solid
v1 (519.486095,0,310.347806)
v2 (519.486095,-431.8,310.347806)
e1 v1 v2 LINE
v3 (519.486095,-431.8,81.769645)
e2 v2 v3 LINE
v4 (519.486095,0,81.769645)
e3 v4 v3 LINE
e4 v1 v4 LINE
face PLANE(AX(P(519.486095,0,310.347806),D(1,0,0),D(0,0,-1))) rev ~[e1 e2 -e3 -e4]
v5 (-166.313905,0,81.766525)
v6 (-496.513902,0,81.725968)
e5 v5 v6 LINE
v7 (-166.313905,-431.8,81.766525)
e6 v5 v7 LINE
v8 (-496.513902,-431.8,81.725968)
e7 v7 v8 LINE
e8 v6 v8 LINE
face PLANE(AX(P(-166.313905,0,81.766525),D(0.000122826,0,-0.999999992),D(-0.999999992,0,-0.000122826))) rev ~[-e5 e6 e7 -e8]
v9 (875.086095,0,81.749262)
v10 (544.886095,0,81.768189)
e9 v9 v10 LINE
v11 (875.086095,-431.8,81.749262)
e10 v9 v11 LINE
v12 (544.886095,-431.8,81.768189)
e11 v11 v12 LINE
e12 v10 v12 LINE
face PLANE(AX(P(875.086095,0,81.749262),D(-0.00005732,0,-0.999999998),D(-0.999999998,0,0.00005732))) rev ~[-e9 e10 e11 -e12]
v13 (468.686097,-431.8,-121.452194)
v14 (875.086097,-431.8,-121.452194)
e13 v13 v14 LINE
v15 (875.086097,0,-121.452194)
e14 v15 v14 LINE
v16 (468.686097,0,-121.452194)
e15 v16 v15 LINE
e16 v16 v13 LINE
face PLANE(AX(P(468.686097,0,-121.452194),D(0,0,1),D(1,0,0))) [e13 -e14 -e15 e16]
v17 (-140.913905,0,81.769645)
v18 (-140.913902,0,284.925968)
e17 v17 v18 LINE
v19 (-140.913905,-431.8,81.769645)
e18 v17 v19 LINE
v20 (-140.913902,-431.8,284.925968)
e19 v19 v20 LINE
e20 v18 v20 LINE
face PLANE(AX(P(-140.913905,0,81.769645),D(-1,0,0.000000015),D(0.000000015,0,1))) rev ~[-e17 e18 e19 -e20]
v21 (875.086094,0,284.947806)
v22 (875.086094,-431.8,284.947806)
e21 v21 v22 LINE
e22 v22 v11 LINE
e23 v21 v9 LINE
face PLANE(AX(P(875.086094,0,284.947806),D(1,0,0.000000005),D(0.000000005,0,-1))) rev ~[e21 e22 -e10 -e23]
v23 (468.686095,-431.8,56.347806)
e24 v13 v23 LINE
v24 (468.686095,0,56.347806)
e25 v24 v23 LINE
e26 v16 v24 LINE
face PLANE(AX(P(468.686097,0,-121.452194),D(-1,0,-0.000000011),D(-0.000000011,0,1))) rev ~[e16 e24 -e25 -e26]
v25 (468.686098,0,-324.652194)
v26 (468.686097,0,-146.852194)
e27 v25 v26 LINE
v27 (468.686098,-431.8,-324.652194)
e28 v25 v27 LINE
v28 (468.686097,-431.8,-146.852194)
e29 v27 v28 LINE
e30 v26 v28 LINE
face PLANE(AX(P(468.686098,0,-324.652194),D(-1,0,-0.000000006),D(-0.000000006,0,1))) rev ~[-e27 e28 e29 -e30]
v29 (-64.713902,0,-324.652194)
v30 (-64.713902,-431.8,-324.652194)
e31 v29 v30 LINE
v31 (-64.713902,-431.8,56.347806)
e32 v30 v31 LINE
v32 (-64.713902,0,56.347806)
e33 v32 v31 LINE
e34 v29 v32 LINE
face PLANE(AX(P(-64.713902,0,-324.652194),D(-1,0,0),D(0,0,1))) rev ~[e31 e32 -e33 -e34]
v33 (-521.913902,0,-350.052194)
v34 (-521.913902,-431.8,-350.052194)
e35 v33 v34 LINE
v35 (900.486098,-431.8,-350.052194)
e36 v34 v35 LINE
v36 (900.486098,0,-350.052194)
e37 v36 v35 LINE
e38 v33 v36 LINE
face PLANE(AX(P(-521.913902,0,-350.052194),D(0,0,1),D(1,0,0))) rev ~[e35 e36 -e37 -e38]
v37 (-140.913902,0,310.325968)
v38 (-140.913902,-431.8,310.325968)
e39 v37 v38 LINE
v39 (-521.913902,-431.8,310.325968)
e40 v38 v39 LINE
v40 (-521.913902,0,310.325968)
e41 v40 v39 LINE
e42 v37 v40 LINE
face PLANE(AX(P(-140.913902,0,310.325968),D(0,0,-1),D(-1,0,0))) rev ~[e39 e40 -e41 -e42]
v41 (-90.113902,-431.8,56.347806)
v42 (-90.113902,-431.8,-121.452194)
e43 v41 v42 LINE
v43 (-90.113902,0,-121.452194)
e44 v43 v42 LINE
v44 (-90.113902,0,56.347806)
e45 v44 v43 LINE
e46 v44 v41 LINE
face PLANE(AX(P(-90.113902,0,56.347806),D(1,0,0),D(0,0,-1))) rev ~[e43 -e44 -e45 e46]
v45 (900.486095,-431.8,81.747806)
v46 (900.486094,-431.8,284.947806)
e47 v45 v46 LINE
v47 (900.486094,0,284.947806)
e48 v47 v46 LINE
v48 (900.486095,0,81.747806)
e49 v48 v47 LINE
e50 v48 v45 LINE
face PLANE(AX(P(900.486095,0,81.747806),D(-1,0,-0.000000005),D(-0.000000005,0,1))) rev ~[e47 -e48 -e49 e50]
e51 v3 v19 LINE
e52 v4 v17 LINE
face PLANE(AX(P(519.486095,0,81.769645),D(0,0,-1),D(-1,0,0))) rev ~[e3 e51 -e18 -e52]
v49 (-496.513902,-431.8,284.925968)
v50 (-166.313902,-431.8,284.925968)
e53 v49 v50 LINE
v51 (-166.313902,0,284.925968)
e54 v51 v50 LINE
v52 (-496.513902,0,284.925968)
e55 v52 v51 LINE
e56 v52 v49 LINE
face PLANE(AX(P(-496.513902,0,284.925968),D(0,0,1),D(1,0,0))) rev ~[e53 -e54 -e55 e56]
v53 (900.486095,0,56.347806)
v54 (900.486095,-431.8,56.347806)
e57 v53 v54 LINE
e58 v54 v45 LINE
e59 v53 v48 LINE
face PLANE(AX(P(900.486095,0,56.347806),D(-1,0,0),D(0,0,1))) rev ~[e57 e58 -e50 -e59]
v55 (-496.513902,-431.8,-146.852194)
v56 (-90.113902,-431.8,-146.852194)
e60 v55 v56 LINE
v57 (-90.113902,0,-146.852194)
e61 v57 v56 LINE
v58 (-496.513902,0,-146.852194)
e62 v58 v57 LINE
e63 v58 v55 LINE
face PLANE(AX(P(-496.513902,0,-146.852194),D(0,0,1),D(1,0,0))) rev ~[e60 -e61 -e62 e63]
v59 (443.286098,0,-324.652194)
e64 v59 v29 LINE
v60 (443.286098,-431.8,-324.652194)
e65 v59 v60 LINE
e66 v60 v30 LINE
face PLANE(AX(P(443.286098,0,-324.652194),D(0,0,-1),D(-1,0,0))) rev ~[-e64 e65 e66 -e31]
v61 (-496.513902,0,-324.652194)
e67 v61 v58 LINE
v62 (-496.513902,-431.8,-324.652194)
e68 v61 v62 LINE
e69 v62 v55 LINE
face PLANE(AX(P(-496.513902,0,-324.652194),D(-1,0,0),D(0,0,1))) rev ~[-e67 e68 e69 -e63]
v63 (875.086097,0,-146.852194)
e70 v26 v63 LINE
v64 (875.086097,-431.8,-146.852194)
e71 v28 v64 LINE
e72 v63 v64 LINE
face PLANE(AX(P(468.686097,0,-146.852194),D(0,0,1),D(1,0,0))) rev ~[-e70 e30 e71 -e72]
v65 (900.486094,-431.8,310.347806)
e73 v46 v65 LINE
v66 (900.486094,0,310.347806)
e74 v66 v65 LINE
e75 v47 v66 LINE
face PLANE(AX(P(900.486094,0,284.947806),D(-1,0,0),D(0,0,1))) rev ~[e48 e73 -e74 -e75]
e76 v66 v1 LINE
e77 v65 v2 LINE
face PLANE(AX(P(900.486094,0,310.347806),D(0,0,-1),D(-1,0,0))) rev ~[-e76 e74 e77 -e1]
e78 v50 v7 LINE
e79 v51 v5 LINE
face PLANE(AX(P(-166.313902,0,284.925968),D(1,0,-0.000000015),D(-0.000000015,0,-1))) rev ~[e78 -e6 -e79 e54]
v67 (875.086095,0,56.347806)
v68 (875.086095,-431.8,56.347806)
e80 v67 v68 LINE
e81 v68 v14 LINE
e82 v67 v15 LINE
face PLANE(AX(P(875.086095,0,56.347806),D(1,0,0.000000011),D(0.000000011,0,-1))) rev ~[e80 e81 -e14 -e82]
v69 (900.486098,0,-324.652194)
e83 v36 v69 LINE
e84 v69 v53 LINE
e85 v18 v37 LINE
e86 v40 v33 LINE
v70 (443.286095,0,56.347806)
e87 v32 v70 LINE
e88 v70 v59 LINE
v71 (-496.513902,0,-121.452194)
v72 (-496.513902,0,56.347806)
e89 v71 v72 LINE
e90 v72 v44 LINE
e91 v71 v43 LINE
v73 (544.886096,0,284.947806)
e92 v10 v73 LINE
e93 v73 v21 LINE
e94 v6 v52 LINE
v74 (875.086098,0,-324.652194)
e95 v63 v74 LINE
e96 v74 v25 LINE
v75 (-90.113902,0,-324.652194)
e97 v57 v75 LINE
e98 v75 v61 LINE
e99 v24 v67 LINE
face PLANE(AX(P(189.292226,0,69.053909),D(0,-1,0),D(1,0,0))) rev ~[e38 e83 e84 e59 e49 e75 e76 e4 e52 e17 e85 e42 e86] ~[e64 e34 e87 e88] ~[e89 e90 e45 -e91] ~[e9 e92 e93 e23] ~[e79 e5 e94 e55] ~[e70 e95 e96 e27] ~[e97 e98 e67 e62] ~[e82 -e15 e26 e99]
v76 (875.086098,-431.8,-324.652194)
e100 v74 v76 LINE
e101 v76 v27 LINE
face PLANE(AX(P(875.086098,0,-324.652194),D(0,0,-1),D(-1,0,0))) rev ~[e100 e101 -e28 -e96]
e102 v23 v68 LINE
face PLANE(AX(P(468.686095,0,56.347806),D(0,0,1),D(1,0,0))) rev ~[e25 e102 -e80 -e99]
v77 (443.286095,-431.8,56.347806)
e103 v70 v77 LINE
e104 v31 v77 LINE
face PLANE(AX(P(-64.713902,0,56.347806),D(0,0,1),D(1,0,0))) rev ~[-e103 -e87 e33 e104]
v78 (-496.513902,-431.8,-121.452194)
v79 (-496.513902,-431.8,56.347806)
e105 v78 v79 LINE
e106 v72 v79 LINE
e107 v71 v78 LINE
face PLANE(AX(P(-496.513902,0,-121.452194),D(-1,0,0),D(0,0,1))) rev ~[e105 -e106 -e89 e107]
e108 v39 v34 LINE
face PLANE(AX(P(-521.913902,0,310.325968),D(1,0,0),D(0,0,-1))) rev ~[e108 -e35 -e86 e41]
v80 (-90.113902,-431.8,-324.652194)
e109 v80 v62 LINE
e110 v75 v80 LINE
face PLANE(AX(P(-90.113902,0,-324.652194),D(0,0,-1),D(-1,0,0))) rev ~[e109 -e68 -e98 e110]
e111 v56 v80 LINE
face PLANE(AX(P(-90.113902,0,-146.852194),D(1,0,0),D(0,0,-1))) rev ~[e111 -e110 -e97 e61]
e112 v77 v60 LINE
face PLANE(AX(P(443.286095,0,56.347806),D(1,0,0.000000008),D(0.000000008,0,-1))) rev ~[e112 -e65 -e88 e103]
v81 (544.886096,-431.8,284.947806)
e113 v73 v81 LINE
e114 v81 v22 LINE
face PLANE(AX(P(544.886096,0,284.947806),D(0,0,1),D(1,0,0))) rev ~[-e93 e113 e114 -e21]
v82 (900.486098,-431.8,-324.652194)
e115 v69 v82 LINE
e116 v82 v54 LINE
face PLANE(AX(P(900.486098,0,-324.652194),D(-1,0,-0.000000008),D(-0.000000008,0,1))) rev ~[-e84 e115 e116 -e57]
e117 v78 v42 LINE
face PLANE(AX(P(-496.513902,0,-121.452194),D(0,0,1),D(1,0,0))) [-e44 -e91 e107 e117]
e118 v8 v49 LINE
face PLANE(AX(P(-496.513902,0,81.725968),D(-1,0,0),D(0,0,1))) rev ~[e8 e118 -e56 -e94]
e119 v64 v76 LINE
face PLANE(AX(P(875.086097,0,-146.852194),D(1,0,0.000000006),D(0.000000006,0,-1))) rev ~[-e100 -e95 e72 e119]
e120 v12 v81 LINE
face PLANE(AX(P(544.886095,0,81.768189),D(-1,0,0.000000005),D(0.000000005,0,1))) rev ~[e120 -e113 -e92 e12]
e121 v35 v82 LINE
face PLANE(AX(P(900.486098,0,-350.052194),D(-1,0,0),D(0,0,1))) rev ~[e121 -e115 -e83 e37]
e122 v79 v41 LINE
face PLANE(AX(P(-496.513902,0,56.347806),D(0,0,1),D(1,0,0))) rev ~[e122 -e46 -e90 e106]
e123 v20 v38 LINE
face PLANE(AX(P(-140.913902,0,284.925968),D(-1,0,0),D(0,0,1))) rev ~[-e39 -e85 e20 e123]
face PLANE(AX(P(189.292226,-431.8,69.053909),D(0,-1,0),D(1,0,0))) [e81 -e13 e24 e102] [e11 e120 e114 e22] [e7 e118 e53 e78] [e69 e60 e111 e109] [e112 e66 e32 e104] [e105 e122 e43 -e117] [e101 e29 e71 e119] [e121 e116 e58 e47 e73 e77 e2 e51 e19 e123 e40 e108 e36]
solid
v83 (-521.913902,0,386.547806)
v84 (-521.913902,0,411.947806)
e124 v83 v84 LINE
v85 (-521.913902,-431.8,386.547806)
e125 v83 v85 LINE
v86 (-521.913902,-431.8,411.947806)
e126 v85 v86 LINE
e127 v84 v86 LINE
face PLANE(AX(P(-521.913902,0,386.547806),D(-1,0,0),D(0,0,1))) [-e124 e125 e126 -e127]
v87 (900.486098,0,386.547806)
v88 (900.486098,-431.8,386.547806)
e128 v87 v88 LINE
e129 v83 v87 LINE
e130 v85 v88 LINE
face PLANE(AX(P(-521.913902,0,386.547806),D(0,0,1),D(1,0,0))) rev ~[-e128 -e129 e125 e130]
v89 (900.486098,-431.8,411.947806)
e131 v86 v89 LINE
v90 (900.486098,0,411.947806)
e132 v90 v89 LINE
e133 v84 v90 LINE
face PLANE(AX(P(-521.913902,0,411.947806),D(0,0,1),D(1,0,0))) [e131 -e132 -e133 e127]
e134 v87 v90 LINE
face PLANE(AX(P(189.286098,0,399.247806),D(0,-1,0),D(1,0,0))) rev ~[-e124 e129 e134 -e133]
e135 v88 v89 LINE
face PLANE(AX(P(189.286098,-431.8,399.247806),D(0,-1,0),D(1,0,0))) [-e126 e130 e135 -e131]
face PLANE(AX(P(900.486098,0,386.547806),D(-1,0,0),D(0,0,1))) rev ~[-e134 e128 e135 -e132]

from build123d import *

# Parameters (mm, degrees)
F0_W     = 406.4
F0_H     = 25.4
F0_W_2   = 1422.4
F1_DEPTH = 431.8


with BuildPart() as f1:
    # F0 (on Front) → F1 (new body)
    with BuildSketch(Plane.XZ):
        Polygon((-521.913902, 81.722848), (-521.913902, 56.347806), (-496.513902, 56.347806), (-90.113902, 56.347806), (-64.713902, 56.347806), (443.286095, 56.347806), (468.686095, 56.347806), (875.086095, 56.347806), (900.486095, 56.347806), (900.486095, 81.747806), (875.086095, 81.749262), (544.886095, 81.768189), (519.486095, 81.769645), (-140.913905, 81.769645), (-166.313905, 81.766525), (-496.513902, 81.725968), align=None)
        Polygon((-521.913902, 310.325968), (-521.913902, 284.925968), (-496.513902, 284.925968), (-166.313902, 284.925968), (-140.913902, 284.925968), (-140.913902, 310.325968), align=None)
        Polygon((875.086094, 284.947806), (900.486094, 284.947806), (900.486094, 310.347806), (519.486095, 310.347806), (519.486095, 284.947806), (544.886096, 284.947806), align=None)
        Polygon((-521.913902, 284.925968), (-521.913902, 81.722848), (-496.513902, 81.725968), (-496.513902, 284.925968), align=None)
        Polygon((875.086095, 81.749262), (900.486095, 81.747806), (900.486094, 284.947806), (875.086094, 284.947806), align=None)
        Polygon((-166.313902, 284.925968), (-166.313905, 81.766525), (-140.913905, 81.769645), (-140.913902, 284.925968), align=None)
        Polygon((519.486095, 81.769645), (544.886095, 81.768189), (544.886096, 284.947806), (519.486095, 284.947806), align=None)
        Polygon((875.086098, -324.652194), (900.486098, -324.652194), (900.486095, 56.347806), (875.086095, 56.347806), (875.086097, -121.452194), (875.086097, -146.852194), align=None)
        Polygon((-521.913902, -324.652194), (-521.913902, -350.052194), (900.486098, -350.052194), (900.486098, -324.652194), (875.086098, -324.652194), (468.686098, -324.652194), (443.286098, -324.652194), (-64.713902, -324.652194), (-90.113902, -324.652194), (-496.513902, -324.652194), align=None)
        Polygon((443.286098, -324.652194), (468.686098, -324.652194), (468.686097, -146.852194), (468.686097, -121.452194), (468.686095, 56.347806), (443.286095, 56.347806), align=None)
        with Locations((671.886097, -134.152194)):
            Rectangle(F0_W, F0_H)
        Polygon((-521.913902, 56.347806), (-521.913902, -324.652194), (-496.513902, -324.652194), (-496.513902, -146.852194), (-496.513902, -121.452194), (-496.513902, 56.347806), align=None)
        with Locations((-293.313902, -134.152194)):
            Rectangle(F0_W, F0_H)
        with Locations((189.286098, 399.247806)):
            Rectangle(F0_W_2, F0_H)
        Polygon((-90.113902, -146.852194), (-90.113902, -324.652194), (-64.713902, -324.652194), (-64.713902, 56.347806), (-90.113902, 56.347806), (-90.113902, -121.452194), align=None)
    extrude(amount=F1_DEPTH)


solid = f1.part
